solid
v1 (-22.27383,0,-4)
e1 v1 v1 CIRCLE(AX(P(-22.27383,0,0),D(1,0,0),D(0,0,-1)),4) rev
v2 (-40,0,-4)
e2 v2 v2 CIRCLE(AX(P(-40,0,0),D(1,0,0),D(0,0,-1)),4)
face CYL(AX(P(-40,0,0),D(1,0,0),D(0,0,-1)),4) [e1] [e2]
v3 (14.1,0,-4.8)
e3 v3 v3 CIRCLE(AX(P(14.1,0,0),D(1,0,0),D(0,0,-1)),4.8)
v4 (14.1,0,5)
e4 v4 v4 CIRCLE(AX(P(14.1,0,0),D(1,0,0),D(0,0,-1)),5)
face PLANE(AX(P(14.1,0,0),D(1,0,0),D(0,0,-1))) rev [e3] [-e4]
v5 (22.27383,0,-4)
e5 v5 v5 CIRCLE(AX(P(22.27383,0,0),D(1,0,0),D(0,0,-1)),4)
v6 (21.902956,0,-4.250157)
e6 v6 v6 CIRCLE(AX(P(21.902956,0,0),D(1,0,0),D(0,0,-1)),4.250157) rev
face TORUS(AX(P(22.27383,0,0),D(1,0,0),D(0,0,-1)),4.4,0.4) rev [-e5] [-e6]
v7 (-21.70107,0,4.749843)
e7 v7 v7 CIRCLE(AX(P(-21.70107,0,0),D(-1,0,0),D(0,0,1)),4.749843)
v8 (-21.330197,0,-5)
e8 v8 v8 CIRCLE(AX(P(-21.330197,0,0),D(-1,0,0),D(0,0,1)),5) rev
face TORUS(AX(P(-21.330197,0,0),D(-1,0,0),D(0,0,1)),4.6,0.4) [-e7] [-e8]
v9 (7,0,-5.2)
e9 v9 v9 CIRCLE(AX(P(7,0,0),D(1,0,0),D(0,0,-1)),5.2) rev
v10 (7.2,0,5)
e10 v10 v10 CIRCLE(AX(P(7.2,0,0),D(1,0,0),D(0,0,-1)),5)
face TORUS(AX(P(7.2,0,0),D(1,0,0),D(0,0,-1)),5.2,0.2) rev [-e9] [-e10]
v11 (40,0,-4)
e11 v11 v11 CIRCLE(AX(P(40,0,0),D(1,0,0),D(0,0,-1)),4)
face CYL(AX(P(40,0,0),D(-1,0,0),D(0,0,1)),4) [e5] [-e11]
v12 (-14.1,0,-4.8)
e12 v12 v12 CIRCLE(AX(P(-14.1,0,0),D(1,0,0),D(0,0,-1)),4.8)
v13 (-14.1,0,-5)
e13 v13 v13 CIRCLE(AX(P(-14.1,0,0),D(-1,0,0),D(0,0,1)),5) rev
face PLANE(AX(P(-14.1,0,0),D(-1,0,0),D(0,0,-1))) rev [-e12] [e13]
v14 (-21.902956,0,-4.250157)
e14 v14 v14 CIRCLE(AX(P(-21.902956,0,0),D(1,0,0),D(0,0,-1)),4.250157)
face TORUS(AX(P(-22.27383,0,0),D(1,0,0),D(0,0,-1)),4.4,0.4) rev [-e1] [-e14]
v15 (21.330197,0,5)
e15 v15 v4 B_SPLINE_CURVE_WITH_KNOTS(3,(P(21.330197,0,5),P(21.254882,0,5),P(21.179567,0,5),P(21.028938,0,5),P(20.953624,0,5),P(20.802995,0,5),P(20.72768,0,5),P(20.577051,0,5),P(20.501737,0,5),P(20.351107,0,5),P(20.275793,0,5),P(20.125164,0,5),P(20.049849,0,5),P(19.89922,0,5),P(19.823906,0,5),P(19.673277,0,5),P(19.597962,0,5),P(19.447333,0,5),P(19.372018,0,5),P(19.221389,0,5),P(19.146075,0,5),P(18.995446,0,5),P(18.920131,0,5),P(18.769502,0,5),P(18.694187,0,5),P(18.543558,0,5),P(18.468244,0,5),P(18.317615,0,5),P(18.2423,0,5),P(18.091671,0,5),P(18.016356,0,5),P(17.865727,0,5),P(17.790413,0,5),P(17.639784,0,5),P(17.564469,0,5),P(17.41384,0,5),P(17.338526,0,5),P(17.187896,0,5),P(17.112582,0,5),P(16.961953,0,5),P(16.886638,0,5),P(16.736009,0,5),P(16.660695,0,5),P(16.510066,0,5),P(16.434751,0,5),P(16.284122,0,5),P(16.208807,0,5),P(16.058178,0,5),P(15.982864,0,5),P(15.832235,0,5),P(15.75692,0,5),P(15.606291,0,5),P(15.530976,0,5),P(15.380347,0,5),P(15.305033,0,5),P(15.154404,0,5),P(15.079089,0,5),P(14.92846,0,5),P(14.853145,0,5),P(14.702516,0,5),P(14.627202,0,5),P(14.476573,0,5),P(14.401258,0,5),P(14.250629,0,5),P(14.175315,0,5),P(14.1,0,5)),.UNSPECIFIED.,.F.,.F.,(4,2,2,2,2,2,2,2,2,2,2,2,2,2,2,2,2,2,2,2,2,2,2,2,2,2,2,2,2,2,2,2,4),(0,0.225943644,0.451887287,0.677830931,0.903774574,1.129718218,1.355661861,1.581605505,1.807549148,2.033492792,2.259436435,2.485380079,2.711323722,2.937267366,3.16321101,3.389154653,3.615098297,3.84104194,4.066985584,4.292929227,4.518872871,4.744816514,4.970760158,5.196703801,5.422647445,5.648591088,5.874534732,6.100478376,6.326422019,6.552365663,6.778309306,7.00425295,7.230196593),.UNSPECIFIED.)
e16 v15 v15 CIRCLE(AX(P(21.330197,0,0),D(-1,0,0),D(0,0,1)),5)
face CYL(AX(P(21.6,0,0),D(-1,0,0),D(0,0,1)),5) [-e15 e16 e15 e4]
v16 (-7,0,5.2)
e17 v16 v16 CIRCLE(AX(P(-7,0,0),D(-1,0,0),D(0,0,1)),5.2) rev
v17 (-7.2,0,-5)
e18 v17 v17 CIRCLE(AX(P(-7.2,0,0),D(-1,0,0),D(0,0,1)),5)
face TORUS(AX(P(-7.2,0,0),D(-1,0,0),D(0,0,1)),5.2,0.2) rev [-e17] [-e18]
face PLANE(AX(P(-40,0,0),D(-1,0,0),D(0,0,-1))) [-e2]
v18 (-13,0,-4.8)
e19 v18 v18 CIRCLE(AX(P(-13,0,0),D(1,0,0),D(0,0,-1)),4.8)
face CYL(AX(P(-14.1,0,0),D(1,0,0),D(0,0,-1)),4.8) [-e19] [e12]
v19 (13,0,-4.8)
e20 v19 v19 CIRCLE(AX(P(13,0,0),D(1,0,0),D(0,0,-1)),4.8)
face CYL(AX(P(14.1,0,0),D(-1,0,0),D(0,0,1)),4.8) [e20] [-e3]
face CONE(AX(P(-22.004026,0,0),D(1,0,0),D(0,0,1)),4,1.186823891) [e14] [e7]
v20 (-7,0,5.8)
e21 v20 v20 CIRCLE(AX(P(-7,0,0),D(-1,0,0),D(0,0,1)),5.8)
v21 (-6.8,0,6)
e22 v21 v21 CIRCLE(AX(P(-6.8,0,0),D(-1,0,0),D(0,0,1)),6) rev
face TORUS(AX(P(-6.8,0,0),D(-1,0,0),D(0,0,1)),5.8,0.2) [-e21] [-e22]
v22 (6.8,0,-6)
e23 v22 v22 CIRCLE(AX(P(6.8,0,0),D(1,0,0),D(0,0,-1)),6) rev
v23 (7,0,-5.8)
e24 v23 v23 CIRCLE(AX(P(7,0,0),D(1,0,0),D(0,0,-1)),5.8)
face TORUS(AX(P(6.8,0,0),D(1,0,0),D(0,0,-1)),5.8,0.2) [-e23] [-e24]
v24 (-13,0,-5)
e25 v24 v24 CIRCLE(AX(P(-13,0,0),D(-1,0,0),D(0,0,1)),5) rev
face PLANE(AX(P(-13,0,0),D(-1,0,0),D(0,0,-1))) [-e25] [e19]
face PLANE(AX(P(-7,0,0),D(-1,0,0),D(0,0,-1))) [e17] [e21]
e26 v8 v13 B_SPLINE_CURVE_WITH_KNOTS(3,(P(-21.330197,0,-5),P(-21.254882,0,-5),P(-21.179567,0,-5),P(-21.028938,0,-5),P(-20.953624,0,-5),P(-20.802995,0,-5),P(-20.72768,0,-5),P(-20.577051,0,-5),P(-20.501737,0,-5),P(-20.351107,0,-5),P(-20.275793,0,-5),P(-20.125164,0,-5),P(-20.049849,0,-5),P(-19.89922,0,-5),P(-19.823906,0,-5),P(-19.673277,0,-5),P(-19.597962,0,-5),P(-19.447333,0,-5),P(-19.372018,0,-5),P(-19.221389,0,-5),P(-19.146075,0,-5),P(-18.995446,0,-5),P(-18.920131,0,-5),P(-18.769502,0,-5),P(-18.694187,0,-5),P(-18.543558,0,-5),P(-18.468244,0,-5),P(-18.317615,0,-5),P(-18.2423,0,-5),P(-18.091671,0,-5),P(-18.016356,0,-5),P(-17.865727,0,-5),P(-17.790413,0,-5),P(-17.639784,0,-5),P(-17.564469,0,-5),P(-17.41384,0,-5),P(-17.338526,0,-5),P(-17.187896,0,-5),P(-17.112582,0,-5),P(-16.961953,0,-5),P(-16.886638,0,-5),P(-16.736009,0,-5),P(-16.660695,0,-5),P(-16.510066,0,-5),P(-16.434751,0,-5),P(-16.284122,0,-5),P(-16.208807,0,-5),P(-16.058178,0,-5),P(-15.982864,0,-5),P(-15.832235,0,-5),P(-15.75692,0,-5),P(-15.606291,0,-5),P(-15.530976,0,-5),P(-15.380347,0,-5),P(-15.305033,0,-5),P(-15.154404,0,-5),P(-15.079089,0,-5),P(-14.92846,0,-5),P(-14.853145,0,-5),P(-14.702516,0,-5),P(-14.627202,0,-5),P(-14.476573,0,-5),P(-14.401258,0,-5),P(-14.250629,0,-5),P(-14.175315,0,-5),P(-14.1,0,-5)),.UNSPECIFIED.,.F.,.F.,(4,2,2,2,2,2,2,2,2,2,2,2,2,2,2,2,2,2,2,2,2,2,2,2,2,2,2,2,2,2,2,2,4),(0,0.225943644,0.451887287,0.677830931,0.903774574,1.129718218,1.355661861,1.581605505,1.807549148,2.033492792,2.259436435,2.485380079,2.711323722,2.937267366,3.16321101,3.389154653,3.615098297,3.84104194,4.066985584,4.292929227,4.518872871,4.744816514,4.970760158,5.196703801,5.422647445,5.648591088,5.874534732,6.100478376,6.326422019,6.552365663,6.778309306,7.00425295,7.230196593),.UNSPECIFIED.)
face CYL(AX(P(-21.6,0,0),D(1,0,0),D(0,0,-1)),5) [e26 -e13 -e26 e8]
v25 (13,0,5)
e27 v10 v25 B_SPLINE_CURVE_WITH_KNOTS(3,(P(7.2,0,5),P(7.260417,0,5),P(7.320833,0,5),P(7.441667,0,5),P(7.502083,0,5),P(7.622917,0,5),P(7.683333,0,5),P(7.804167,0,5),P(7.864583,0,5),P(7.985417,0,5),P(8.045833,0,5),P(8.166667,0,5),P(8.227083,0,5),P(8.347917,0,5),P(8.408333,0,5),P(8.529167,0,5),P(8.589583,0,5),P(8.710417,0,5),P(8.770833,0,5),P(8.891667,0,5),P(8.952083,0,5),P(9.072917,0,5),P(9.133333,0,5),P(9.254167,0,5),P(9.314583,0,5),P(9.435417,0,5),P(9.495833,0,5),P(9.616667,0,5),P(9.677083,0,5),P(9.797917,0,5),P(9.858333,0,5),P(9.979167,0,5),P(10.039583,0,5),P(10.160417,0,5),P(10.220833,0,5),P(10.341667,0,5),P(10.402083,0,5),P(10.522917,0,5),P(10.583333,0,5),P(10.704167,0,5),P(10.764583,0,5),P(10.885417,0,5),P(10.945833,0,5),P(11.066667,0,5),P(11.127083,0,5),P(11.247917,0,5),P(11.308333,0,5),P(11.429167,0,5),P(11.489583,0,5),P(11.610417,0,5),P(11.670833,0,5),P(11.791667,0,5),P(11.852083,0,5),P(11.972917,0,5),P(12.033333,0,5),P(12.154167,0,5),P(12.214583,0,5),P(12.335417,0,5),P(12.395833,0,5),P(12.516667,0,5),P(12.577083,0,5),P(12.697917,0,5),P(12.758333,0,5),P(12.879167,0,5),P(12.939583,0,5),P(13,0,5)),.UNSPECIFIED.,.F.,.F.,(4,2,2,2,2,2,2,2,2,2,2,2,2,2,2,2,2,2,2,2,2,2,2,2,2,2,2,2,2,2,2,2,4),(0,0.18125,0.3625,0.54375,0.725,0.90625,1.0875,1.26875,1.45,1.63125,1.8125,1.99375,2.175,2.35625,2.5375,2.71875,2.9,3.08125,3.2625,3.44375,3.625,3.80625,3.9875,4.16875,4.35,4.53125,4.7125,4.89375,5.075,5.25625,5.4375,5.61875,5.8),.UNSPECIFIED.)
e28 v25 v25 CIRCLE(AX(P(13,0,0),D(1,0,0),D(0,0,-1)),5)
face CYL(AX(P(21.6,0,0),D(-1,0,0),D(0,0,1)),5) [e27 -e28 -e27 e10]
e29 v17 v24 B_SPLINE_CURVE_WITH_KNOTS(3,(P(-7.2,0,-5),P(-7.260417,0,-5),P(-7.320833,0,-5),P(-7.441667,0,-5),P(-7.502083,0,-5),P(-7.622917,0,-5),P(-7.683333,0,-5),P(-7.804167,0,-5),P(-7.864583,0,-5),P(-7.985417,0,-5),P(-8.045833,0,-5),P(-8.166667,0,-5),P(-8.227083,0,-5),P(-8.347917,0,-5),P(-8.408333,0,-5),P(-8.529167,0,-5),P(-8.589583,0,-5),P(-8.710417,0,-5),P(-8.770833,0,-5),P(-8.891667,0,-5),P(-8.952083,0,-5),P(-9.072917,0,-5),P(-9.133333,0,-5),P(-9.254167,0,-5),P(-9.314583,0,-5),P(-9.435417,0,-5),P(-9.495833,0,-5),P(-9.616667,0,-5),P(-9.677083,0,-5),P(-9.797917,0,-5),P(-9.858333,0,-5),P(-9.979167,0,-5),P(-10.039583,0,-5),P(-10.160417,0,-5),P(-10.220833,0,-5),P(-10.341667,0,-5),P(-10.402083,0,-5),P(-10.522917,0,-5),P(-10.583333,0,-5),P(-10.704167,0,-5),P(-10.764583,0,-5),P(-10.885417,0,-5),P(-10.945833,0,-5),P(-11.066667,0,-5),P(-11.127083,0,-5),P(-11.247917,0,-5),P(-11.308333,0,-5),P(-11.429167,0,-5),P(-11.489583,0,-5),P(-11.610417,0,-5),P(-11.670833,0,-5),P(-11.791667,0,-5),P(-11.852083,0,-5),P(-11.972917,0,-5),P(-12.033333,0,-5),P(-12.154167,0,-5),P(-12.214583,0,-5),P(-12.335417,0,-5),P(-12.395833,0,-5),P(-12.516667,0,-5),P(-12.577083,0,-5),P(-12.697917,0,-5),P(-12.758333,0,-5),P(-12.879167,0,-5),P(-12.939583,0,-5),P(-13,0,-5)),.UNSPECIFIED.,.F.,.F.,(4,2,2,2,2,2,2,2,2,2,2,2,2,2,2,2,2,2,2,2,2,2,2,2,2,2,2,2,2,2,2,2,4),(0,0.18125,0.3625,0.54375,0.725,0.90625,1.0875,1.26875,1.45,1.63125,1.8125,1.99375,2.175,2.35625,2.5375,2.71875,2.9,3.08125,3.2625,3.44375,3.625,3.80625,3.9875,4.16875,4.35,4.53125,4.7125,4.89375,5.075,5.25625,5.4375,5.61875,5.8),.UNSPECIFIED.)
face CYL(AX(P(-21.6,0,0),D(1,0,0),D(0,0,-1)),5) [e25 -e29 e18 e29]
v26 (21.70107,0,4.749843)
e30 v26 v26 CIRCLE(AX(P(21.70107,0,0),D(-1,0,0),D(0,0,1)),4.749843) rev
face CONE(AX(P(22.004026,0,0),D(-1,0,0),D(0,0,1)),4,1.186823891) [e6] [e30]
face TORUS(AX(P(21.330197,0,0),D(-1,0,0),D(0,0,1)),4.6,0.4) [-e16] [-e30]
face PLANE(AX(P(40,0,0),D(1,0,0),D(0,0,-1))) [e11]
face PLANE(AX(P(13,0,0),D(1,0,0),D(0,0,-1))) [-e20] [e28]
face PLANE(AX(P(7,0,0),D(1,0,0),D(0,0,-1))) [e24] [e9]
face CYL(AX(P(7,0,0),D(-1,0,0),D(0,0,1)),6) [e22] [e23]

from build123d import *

# Parameters (mm, degrees)
SKETCH1_R            = 4
BOSS_EXTRUDE1_DEPTH  = 40
SKETCH2_R            = 6
BOSS_EXTRUDE2_DEPTH  = 7
SKETCH3_R            = 5
BOSS_EXTRUDE3_DEPTH  = 21.6
FILLET1_R            = 0.2
SKETCH4_R            = 8.07769614
SKETCH4_R_2          = 4.8
CUT_EXTRUDE1_DEPTH   = 1.1
FILLET3_R            = 0.4
FILLET1_OF_MIRROR1_R = 0.2
FILLET3_OF_MIRROR1_R = 0.4


with BuildPart() as part:
    # Sketch1 → Boss-Extrude1 (new body)
    with BuildSketch(Plane(origin=(0, 0, 0), x_dir=(0, 0, -1), z_dir=(1, 0, 0))):
        Circle(SKETCH1_R)
    boss_extrude1 = extrude(amount=BOSS_EXTRUDE1_DEPTH)

    # Sketch2 → Boss-Extrude2 (add)
    with BuildSketch(Plane(origin=(0, 0, 0), x_dir=(0, 0, -1), z_dir=(1, 0, 0))):
        Circle(SKETCH2_R)
    boss_extrude2 = extrude(amount=BOSS_EXTRUDE2_DEPTH)

    # Sketch3 → Boss-Extrude3 (add)
    with BuildSketch(Plane(origin=(0, 0, 0), x_dir=(0, 0, -1), z_dir=(1, 0, 0))):
        with Locations(Location((0, 0, 0), (0, 0, 180))):
            Circle(SKETCH3_R)
    boss_extrude3 = extrude(amount=BOSS_EXTRUDE3_DEPTH)

    # Fillet1
    fillet1_edges = [part.edges().sort_by_distance(p)[0] for p in [
        (7, 0, -5),
        (7, 0, 6),
    ]]
    fillet(fillet1_edges, radius=FILLET1_R)

    # Sketch4 → Cut-Extrude1 (cut)
    with BuildSketch(Plane(origin=(13, 0, 0), x_dir=(0, 0, -1), z_dir=(1, 0, 0))):
        Circle(SKETCH4_R)
        Circle(SKETCH4_R_2, mode=Mode.SUBTRACT)
    cut_extrude1 = extrude(amount=CUT_EXTRUDE1_DEPTH, mode=Mode.SUBTRACT)

    # Sketch5 → Revolve1 (revolve)
    with BuildSketch(Plane.XY, mode=Mode.PRIVATE) as revolve1_sk:
        Polygon((21.6, 5), (21.6, 4), (22.004026226, 4), align=None)
    revolve1 = revolve(revolve1_sk.sketch.rotate(Axis((21.6, 0, 0), (-1, 0, 0)), 90), axis=Axis((21.6, 0, 0), (-1, 0, 0)))

    # Fillet3
    fillet3_edges = [part.edges().sort_by_distance(p)[0] for p in [
        (21.6, 5, 0),
        (22.004026226, 0, 4),
    ]]
    fillet(fillet3_edges, radius=FILLET3_R)

    # Mirror1: Boss-Extrude1, Boss-Extrude2, Boss-Extrude3, Cut-Extrude1, Revolve1 across plane
    add(boss_extrude1.mirror(Plane(origin=(0, 0, 0), x_dir=(0, 0, 1), z_dir=(1, 0, 0))))
    add(boss_extrude2.mirror(Plane(origin=(0, 0, 0), x_dir=(0, 0, 1), z_dir=(1, 0, 0))))
    add(boss_extrude3.mirror(Plane(origin=(0, 0, 0), x_dir=(0, 0, 1), z_dir=(1, 0, 0))))
    add(cut_extrude1.mirror(Plane(origin=(0, 0, 0), x_dir=(0, 0, 1), z_dir=(1, 0, 0))), mode=Mode.SUBTRACT)
    add(revolve1.mirror(Plane(origin=(0, 0, 0), x_dir=(0, 0, 1), z_dir=(1, 0, 0))))

    # Fillet1 of Mirror1
    fillet1_of_mirror1_edges = [part.edges().sort_by_distance(p)[0] for p in [
        (-7, 0, -5),
        (-7, 0, 6),
    ]]
    fillet(fillet1_of_mirror1_edges, radius=FILLET1_OF_MIRROR1_R)

    # Fillet3 of Mirror1
    fillet3_of_mirror1_edges = [part.edges().sort_by_distance(p)[0] for p in [
        (-21.6, 5, 0),
        (-22.004026226, 0, 4),
    ]]
    fillet(fillet3_of_mirror1_edges, radius=FILLET3_OF_MIRROR1_R)


solid = part.part
